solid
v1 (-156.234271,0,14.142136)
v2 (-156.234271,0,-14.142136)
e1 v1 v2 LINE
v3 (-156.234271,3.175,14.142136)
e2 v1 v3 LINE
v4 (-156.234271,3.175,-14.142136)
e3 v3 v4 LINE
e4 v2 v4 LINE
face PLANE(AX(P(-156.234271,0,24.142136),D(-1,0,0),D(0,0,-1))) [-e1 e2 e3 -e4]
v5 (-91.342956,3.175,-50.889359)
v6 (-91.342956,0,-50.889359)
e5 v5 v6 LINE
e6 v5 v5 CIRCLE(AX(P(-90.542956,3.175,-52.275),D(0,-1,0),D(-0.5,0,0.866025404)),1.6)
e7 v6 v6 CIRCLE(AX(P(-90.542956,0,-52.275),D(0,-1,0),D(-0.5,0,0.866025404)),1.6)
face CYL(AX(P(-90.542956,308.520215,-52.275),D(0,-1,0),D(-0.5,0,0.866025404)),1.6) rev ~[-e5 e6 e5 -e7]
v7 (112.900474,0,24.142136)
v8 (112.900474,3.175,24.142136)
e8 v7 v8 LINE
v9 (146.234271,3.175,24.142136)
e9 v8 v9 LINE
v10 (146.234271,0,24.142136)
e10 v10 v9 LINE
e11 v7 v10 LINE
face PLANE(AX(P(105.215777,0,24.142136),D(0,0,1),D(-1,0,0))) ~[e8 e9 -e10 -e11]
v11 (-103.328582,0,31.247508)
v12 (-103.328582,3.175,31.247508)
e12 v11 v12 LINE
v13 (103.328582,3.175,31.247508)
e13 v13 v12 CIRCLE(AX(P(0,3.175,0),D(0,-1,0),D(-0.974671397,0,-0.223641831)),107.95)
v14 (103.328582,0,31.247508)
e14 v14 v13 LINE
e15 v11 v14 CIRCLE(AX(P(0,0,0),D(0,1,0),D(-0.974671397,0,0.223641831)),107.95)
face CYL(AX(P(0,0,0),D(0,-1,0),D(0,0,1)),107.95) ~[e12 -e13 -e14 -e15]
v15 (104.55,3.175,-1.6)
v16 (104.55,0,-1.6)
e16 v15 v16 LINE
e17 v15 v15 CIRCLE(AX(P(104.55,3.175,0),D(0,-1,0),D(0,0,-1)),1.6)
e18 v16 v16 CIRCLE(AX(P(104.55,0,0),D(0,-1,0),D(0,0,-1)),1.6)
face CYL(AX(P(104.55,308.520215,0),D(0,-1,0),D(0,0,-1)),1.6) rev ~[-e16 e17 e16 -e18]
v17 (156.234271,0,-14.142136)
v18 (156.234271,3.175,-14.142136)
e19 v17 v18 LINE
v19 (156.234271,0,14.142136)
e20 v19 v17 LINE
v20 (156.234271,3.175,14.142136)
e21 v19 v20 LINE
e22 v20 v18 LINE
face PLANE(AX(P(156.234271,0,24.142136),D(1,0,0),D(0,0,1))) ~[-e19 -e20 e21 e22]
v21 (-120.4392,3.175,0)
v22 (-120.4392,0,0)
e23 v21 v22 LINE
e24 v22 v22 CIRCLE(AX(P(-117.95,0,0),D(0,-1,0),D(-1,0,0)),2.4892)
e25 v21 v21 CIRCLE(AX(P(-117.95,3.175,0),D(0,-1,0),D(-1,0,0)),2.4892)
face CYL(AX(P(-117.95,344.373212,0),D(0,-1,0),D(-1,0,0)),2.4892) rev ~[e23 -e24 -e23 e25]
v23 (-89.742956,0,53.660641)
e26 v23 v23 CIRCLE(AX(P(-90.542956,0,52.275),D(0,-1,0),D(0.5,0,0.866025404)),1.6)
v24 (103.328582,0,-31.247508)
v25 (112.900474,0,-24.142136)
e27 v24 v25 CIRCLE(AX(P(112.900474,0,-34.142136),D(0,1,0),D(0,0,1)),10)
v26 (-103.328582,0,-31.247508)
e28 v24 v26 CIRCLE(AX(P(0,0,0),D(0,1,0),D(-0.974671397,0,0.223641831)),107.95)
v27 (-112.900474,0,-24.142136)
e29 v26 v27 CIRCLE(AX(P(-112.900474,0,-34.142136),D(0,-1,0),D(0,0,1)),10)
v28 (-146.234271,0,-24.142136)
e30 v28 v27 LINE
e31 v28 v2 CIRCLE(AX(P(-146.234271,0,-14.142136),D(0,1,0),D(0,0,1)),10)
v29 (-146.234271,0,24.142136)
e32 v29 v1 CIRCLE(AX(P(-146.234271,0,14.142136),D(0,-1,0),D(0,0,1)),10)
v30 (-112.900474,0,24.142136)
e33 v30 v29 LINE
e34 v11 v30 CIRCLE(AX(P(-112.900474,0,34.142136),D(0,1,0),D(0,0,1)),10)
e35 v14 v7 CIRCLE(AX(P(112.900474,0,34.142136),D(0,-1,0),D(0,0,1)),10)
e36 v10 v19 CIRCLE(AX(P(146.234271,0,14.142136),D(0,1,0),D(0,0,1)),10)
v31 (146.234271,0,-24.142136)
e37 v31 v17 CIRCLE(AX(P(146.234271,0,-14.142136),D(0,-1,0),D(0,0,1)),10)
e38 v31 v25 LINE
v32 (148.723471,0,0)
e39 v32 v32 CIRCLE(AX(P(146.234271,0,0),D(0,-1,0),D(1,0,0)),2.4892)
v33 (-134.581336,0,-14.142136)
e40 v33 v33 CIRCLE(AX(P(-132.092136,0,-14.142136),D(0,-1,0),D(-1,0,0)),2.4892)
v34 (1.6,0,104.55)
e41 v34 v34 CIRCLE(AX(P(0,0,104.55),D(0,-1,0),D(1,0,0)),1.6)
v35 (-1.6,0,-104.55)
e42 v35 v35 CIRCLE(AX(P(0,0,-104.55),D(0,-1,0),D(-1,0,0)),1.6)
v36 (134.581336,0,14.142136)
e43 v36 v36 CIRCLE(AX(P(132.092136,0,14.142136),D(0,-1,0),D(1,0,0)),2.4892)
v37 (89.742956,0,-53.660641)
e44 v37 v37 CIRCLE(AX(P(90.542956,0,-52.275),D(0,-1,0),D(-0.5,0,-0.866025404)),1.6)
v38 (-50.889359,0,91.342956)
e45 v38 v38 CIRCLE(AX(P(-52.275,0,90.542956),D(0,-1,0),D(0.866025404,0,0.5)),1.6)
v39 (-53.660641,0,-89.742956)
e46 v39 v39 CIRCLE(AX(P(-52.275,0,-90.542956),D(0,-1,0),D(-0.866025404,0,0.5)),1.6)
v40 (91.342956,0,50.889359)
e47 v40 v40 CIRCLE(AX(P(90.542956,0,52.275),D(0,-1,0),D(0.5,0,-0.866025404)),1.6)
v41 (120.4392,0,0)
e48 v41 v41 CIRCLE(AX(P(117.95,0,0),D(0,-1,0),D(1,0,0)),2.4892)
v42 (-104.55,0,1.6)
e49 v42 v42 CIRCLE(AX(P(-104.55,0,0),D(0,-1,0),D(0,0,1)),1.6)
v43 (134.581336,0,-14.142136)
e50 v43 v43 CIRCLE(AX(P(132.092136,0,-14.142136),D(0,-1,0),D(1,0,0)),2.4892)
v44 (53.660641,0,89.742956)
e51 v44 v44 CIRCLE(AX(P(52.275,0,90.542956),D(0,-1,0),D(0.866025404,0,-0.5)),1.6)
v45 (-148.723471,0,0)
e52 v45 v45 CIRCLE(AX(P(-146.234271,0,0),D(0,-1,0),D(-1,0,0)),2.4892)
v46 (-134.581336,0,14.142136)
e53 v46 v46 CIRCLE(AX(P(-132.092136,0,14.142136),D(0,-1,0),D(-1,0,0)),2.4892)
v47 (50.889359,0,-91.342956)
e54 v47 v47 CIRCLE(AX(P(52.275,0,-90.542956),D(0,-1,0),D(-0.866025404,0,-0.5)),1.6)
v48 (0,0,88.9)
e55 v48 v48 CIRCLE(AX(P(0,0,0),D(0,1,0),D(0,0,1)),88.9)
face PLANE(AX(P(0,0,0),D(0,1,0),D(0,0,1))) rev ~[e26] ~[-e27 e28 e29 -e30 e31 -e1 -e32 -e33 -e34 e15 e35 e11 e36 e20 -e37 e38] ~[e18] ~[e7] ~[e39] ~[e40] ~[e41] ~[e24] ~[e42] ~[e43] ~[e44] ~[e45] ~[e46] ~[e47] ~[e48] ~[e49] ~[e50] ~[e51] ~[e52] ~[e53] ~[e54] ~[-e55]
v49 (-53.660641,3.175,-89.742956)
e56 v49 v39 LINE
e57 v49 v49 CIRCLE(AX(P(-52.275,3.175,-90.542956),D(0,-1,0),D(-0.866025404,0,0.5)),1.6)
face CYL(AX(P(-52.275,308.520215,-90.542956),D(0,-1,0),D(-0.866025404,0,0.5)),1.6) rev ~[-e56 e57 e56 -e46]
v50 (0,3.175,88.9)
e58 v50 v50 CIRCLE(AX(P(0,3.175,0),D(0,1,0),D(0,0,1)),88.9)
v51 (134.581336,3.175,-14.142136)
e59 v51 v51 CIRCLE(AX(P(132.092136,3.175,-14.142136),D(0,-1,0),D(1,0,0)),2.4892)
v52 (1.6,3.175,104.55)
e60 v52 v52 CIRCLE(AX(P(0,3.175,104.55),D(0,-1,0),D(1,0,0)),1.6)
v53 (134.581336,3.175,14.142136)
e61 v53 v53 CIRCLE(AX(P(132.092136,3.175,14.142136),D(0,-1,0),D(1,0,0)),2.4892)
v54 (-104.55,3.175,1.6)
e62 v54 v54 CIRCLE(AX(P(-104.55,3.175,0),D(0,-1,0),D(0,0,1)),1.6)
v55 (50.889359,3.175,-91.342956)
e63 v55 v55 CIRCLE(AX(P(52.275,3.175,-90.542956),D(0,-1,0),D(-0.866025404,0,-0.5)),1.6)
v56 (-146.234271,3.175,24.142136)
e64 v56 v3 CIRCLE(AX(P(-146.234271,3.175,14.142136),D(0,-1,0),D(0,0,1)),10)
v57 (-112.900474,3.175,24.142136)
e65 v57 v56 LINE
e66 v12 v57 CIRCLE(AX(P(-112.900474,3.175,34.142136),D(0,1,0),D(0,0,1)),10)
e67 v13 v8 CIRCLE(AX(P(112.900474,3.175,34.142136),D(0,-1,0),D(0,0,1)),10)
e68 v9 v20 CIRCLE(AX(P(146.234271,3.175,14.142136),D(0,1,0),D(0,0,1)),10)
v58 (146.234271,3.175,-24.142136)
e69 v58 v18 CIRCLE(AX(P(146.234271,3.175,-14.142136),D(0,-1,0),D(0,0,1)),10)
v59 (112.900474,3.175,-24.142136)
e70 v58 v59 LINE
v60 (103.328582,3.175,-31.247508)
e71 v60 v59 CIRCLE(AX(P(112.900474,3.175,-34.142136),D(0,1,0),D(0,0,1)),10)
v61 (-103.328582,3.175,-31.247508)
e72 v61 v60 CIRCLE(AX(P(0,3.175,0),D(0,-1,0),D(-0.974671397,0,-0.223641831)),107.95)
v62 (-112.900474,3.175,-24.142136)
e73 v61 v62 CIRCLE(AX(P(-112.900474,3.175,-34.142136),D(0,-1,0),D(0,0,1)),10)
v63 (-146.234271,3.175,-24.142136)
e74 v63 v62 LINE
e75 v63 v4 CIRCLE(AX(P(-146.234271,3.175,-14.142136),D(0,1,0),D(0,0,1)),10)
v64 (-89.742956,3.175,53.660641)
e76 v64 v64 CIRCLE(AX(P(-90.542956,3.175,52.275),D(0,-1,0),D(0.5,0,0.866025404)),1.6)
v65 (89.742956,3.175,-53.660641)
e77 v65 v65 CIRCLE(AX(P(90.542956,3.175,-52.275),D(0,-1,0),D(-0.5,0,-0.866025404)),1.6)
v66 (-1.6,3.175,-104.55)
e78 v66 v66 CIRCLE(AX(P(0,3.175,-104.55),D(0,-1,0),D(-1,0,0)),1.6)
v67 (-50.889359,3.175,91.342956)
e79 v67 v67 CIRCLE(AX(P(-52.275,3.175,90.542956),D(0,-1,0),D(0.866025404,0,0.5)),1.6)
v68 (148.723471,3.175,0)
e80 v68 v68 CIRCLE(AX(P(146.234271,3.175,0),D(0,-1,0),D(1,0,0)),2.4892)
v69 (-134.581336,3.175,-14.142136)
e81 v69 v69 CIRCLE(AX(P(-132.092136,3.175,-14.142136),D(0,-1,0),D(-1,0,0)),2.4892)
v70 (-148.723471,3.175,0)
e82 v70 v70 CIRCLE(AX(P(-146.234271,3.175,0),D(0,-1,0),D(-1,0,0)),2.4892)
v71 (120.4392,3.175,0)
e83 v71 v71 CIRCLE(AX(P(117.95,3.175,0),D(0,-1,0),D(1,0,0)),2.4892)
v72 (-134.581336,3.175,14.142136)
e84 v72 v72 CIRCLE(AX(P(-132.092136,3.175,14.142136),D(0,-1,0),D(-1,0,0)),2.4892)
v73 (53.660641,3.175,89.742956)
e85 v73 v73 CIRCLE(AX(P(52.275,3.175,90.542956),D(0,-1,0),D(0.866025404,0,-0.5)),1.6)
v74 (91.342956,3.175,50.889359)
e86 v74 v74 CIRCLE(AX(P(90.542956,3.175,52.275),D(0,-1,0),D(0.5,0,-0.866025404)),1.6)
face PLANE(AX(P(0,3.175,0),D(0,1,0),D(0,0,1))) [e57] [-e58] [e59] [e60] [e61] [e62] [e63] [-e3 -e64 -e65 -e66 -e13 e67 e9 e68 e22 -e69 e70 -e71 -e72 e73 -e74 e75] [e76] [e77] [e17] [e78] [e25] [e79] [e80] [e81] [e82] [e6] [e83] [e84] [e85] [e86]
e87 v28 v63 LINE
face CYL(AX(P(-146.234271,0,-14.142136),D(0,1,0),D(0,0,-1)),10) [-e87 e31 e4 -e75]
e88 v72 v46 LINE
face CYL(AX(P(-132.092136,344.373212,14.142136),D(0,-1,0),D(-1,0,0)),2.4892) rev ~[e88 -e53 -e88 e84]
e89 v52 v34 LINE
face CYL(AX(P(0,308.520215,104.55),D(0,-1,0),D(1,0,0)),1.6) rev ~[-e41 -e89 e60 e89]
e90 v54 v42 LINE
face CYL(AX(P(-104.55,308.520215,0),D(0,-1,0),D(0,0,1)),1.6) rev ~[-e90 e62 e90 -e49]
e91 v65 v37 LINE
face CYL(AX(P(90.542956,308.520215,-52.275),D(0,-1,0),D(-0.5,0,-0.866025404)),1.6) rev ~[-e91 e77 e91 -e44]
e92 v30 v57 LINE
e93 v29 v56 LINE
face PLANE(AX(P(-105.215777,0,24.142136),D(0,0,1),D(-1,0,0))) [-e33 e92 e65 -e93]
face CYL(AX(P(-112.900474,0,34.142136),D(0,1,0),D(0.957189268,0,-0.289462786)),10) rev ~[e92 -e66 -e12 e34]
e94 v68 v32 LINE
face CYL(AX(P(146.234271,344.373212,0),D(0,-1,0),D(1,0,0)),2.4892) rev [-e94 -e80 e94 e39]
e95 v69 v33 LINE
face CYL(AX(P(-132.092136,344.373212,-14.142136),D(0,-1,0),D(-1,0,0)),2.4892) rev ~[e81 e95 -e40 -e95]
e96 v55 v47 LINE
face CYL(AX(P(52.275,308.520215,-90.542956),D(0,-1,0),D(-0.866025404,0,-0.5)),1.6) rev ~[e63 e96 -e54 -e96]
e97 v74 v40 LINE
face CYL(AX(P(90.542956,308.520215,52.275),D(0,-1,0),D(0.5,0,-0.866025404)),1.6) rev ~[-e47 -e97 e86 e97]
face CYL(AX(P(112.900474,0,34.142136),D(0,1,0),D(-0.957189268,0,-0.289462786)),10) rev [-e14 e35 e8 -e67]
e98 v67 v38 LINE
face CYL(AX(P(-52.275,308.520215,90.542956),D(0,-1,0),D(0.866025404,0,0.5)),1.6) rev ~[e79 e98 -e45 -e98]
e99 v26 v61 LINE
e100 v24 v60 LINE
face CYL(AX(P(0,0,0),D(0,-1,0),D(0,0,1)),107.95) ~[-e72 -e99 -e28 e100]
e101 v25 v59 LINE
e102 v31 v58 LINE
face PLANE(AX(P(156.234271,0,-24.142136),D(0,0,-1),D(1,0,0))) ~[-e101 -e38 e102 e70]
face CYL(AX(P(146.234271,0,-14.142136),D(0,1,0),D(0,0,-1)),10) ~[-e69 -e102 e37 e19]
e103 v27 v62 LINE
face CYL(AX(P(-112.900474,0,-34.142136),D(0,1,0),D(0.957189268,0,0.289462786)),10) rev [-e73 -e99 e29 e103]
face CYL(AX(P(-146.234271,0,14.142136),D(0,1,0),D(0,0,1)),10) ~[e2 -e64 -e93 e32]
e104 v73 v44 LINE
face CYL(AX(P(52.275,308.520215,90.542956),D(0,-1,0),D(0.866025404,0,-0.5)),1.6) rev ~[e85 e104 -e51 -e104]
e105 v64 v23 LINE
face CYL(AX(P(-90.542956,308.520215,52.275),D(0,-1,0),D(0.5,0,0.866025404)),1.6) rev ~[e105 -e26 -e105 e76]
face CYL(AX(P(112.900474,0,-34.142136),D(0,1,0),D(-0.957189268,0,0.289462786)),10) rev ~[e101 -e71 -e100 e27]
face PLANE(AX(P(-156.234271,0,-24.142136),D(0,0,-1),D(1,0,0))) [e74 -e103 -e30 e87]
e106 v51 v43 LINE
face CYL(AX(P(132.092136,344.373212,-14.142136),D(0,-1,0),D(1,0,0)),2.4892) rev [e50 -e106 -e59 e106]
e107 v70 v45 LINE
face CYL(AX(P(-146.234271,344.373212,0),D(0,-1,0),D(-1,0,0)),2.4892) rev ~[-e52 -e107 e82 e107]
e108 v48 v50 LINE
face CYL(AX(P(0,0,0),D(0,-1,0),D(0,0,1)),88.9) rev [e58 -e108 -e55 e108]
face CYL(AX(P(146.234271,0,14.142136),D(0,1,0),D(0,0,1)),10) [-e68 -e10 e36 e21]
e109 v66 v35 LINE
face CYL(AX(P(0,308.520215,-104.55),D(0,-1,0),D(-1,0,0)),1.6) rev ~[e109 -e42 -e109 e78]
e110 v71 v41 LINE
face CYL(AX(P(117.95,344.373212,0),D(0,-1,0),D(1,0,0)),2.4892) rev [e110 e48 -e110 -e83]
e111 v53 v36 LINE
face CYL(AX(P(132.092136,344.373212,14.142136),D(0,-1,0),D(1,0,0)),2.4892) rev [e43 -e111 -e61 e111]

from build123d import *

# Parameters (mm, degrees)
SKETCH1_R              = 107.95
SKETCH1_R_2            = 88.9
BOSS_EXTRUDE1_DEPTH    = 3.175
M3_CLEARANCE_HOLE1_D   = 3.2
CIRPATTERN1_COUNT      = 12
BOSS_EXTRUDE2_DEPTH    = 3.175
F_10_CLEARANCE_HOLE3_D = 4.9784
FILLET1_R              = 10
FILLET1_OF_MIRROR1_R   = 10


with BuildPart() as part:
    # Sketch1 → Boss-Extrude1 (new body)
    with BuildSketch(Plane(origin=(0, 0, 0), x_dir=(1, 0, 0), z_dir=(0, 1, 0))):
        with Locations(Location((0, 0, 0), (0, 0, 270))):
            Circle(SKETCH1_R)
        with Locations(Location((0, 0, 0), (0, 0, 270))):
            Circle(SKETCH1_R_2, mode=Mode.SUBTRACT)
    extrude(amount=BOSS_EXTRUDE1_DEPTH)

    # M3 Clearance Hole1 (through all)
    with Locations(Plane(origin=(0, 3.175, 0), x_dir=(1, 0, 0), z_dir=(0, 1, 0))):
        with Locations((0, 104.55)):
            m3_clearance_hole1 = Hole(M3_CLEARANCE_HOLE1_D / 2)

    # CirPattern1: M3 Clearance Hole1 ×12 about axis
    cirpattern1_axis = Axis((0, 0, 0), (0, 1, 0))
    for i in range(1, CIRPATTERN1_COUNT):
        add(m3_clearance_hole1.rotate(cirpattern1_axis, i * 360 / CIRPATTERN1_COUNT), mode=Mode.SUBTRACT)

    # Sketch2 → Boss-Extrude2 (add)
    with BuildSketch(Plane(origin=(0, 0, 0), x_dir=(1, 0, 0), z_dir=(0, 1, 0))):
        with BuildLine():
            Line((-156.234271247, 24.142135624), (-105.215777275, 24.142135624))
            ThreePointArc((-105.215777275, 24.142135624), (-107.95, 0), (-105.215777275, -24.142135624))
            Line((-105.215777275, -24.142135624), (-156.234271247, -24.142135624))
            Line((-156.234271247, -24.142135624), (-156.234271247, 24.142135624))
        make_face()
    boss_extrude2 = extrude(amount=BOSS_EXTRUDE2_DEPTH)

    # #10 Clearance Hole3 (through all)
    with Locations(Plane(origin=(0, 3.175, 0), x_dir=(1, 0, 0), z_dir=(0, 1, 0))):
        with Locations((-132.092135624, -14.142135624), (-117.95, 0), (-132.092135624, 14.142135624), (-146.234271247, 0)):
            f_10_clearance_hole3 = Hole(F_10_CLEARANCE_HOLE3_D / 2)

    # Fillet1
    fillet1_edges = [part.edges().sort_by_distance(p)[0] for p in [
        (-156.234271247, 1.5875, -24.142135624),
        (-156.234271247, 1.5875, 24.142135624),
        (-105.215777275, 1.5875, 24.142135624),
        (-105.215777275, 1.5875, -24.142135624),
    ]]
    fillet(fillet1_edges, radius=FILLET1_R)

    # Mirror1: Boss-Extrude2, #10 Clearance Hole3 across plane
    add(boss_extrude2.mirror(Plane(origin=(0, 0, 0), x_dir=(0, 0, 1), z_dir=(1, 0, 0))))
    add(f_10_clearance_hole3.mirror(Plane(origin=(0, 0, 0), x_dir=(0, 0, 1), z_dir=(1, 0, 0))), mode=Mode.SUBTRACT)

    # Fillet1 of Mirror1
    fillet1_of_mirror1_edges = [part.edges().sort_by_distance(p)[0] for p in [
        (156.234271247, 1.5875, -24.142135624),
        (156.234271247, 1.5875, 24.142135624),
        (105.215777275, 1.5875, 24.142135624),
        (105.215777275, 1.5875, -24.142135624),
    ]]
    fillet(fillet1_of_mirror1_edges, radius=FILLET1_OF_MIRROR1_R)


solid = part.part
